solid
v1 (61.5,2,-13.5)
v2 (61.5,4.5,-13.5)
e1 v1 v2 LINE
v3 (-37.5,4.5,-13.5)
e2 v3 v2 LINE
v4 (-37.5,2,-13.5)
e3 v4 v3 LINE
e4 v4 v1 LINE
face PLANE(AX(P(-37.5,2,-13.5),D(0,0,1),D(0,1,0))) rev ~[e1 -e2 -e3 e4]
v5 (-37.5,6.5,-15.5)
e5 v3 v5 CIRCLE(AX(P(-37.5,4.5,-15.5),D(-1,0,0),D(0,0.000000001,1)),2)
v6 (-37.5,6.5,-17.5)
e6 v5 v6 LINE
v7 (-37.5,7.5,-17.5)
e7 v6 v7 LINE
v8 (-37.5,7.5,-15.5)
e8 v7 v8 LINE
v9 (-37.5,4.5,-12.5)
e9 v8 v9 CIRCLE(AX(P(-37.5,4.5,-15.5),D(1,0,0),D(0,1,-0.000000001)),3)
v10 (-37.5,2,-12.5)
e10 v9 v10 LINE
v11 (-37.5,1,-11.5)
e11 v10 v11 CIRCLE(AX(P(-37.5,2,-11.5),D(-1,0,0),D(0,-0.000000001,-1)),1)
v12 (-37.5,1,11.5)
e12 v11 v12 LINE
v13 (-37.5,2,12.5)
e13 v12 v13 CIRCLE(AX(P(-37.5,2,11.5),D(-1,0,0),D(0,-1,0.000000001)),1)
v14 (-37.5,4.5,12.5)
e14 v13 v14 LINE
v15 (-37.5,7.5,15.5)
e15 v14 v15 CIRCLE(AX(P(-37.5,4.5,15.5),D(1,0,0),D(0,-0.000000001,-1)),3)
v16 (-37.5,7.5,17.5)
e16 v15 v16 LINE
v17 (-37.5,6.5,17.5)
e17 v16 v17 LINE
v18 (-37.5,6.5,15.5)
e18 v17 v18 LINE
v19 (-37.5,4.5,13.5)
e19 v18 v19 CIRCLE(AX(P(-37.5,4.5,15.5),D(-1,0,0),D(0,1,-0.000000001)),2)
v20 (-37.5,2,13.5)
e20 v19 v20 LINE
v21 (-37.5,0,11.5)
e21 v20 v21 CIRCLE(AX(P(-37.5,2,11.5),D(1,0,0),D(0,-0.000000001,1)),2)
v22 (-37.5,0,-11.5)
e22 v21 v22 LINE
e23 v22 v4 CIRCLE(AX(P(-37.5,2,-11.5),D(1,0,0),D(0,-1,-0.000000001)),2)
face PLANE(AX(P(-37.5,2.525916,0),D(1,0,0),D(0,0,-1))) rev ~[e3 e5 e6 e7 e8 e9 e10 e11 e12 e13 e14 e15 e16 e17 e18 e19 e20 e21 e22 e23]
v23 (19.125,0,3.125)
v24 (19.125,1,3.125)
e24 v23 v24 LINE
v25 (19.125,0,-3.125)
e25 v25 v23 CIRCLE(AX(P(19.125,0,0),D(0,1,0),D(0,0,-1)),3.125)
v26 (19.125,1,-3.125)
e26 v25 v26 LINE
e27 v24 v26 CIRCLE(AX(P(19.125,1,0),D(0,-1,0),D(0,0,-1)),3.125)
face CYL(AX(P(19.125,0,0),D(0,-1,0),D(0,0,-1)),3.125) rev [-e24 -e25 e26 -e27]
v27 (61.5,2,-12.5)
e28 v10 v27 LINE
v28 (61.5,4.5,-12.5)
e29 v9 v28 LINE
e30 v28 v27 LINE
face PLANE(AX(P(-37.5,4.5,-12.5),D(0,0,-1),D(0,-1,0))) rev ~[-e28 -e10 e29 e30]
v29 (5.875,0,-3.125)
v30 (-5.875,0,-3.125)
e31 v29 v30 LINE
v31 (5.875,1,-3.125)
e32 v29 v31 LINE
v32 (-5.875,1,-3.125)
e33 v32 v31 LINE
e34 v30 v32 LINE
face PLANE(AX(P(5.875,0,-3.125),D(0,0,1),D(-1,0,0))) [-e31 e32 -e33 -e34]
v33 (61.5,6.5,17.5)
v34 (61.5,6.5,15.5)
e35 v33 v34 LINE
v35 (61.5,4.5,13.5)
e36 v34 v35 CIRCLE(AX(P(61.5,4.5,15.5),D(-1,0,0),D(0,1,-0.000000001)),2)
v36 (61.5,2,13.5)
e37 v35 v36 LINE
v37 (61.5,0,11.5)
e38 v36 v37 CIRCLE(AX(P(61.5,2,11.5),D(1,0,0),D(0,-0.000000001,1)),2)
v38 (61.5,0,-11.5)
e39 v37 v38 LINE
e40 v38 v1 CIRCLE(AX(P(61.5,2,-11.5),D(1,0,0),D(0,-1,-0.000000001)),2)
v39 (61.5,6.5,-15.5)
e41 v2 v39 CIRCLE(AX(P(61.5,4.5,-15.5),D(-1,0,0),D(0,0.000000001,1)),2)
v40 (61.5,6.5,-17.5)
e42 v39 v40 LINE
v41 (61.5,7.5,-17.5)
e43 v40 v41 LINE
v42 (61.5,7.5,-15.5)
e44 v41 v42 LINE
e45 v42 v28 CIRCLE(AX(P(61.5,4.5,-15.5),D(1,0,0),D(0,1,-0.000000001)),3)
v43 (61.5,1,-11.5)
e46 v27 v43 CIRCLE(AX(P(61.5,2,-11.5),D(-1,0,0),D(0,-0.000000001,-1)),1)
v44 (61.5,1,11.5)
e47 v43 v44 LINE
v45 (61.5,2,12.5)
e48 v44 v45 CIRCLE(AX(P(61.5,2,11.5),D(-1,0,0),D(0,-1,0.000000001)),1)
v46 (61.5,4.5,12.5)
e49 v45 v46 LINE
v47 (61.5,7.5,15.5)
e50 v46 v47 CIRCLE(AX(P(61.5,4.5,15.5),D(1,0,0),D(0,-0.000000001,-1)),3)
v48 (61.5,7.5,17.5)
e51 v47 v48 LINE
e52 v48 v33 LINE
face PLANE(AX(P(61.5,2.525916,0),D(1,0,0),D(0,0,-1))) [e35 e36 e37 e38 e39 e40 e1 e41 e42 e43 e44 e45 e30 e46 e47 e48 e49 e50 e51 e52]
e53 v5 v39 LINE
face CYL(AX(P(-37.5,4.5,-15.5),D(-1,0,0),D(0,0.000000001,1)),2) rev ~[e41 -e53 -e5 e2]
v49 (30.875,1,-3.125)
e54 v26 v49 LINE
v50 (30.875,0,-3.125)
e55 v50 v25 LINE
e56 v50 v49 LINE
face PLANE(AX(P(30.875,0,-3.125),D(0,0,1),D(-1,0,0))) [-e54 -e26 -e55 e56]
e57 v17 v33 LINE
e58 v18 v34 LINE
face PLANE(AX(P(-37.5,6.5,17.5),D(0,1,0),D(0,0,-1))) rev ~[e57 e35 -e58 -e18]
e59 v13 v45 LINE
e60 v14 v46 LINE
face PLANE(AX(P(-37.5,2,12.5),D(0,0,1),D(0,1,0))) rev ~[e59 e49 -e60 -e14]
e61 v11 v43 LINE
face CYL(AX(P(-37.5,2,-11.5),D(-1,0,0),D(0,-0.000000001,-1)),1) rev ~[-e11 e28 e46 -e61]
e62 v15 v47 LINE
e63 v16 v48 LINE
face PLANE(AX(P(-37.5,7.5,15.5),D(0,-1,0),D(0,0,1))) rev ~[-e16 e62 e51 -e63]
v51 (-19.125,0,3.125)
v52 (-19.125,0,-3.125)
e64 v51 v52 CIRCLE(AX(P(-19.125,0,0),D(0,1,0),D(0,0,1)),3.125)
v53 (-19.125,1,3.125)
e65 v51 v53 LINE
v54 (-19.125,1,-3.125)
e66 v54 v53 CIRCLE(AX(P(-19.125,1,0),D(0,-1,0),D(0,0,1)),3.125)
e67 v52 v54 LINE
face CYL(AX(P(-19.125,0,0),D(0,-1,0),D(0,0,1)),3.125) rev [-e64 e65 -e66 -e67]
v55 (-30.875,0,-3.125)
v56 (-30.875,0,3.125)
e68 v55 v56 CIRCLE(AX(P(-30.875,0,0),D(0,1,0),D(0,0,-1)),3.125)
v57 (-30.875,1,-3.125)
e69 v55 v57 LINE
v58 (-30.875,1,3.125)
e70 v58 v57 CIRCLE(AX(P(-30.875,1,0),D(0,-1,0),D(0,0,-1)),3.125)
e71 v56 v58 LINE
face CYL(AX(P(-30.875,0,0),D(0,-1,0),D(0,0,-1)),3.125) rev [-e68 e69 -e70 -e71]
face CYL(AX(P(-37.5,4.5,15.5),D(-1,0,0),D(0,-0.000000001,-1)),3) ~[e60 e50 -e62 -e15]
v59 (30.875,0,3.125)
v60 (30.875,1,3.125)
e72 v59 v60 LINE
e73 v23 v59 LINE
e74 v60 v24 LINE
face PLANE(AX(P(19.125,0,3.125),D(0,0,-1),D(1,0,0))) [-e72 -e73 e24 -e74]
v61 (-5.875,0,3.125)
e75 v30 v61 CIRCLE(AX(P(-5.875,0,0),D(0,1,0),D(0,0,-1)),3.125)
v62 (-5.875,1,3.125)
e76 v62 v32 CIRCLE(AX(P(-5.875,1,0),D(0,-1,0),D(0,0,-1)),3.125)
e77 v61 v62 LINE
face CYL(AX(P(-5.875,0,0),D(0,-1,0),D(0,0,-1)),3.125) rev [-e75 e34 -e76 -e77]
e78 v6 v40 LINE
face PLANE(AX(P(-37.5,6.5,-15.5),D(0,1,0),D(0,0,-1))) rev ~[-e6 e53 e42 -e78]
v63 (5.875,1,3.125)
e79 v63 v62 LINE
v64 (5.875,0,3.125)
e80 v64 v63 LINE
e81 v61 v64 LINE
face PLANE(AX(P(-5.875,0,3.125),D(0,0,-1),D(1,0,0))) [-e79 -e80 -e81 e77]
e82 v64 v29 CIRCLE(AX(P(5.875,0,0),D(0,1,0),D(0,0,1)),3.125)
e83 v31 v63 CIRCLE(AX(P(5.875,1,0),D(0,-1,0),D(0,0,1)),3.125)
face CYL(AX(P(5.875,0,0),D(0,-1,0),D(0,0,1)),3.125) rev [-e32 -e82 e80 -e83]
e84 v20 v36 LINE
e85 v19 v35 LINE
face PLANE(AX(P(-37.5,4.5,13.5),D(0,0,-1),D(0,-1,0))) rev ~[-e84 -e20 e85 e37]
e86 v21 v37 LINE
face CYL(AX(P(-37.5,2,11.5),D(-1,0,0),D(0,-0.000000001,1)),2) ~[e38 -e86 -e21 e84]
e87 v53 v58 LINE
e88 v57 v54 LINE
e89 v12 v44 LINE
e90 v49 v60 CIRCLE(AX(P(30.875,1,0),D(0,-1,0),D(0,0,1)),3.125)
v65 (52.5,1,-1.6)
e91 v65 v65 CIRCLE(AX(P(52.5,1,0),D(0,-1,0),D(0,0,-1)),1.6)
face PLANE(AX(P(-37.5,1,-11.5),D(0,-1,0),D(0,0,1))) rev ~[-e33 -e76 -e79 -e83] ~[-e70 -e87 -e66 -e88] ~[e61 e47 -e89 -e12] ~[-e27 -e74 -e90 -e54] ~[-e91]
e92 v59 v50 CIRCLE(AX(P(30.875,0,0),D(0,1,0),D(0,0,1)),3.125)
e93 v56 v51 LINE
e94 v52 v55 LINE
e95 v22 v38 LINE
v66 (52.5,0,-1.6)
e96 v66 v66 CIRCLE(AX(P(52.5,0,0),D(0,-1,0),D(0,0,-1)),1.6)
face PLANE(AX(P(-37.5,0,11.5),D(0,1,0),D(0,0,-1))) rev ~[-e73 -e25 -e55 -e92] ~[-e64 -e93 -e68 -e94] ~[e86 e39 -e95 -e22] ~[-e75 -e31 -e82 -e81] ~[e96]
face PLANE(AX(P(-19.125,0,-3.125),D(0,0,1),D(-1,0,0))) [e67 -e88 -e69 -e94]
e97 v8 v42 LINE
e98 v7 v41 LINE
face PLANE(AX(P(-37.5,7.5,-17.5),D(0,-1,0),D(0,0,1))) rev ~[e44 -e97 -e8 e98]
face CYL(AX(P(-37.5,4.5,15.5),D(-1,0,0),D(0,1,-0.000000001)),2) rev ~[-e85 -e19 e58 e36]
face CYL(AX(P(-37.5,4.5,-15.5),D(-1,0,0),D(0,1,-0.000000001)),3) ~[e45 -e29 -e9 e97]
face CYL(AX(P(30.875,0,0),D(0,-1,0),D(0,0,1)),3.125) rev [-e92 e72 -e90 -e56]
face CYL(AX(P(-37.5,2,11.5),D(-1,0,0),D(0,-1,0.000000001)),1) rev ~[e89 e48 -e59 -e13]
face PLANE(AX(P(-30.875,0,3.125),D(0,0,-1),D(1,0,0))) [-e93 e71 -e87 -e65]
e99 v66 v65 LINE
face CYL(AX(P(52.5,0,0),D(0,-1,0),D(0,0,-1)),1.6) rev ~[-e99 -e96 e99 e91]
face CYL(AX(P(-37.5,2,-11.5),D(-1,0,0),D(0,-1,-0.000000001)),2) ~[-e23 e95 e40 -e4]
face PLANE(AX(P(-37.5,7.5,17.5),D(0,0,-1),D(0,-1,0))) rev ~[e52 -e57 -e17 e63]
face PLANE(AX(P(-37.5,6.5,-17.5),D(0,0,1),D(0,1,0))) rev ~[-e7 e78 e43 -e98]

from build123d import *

# Parameters (mm, degrees)
EXTRUDE_THIN1_DEPTH        = 61.5
EXTRUDE_THIN1_DEPTH_BACK   = 37.5
CUT_EXTRUDE1_REACH         = 66.38
LPATTERN1_COUNT            = 2
LPATTERN1_PITCH            = 25
LPATTERN1_COL_COUNT        = 2
LPATTERN1_COL_PITCH        = 25
SZKIC1_R                   = 1.6
WYTNIJ_WYCI_GNI_CIE1_DEPTH = 65.379732836


with BuildPart() as part:
    # Sketch1 → Extrude-Thin1 (new, two sides: drawn at the far end of the back side and taken through both)
    with BuildSketch(Plane(origin=(0, 0, 0), x_dir=(0, 0, -1), z_dir=(1, 0, 0)).offset(-EXTRUDE_THIN1_DEPTH_BACK)):
        with BuildLine():
            Line((-17.5, 6.5), (-15.5, 6.5))
            ThreePointArc((-15.5, 6.5), (-14.085786438, 5.914213562), (-13.5, 4.5))
            Line((-13.5, 4.5), (-13.5, 2))
            ThreePointArc((-13.5, 2), (-12.914213562, 0.585786438), (-11.5, 0))
            Line((-11.5, 0), (11.5, 0))
            ThreePointArc((11.5, 0), (12.914213562, 0.585786438), (13.5, 2))
            Line((13.5, 2), (13.5, 4.5))
            ThreePointArc((13.5, 4.5), (14.085786438, 5.914213562), (15.5, 6.5))
            Line((15.5, 6.5), (17.5, 6.5))
            Line((17.5, 6.5), (17.5, 7.5))
            Line((17.5, 7.5), (15.5, 7.5))
            ThreePointArc((15.5, 7.5), (13.378679656, 6.621320344), (12.5, 4.5))
            Line((12.5, 4.5), (12.5, 2))
            ThreePointArc((12.5, 2), (12.207106781, 1.292893219), (11.5, 1))
            Line((11.5, 1), (-11.5, 1))
            ThreePointArc((-11.5, 1), (-12.207106781, 1.292893219), (-12.5, 2))
            Line((-12.5, 2), (-12.5, 4.5))
            ThreePointArc((-12.5, 4.5), (-13.378679656, 6.621320344), (-15.5, 7.5))
            Line((-15.5, 7.5), (-17.5, 7.5))
            Line((-17.5, 7.5), (-17.5, 6.5))
        make_face()
    extrude(amount=EXTRUDE_THIN1_DEPTH + EXTRUDE_THIN1_DEPTH_BACK)

    # Sketch2 → Cut-Extrude1 (cut, up to next)
    with BuildSketch(Plane.XZ, mode=Mode.PRIVATE) as cut_extrude1_sk1:
        with BuildLine():
            Line((-5.875, 3.125), (5.875, 3.125))
            ThreePointArc((5.875, 3.125), (9, 0), (5.875, -3.125))
            Line((5.875, -3.125), (-5.875, -3.125))
            ThreePointArc((-5.875, -3.125), (-9, 0), (-5.875, 3.125))
        make_face()
    cut_extrude1_tool1 = extrude(cut_extrude1_sk1.sketch, amount=-CUT_EXTRUDE1_REACH, mode=Mode.PRIVATE) & part.part
    cut_extrude1 = cut_extrude1_tool1.solids().sort_by_distance((0, 0, 0))[0]
    add(cut_extrude1, mode=Mode.SUBTRACT)

    # LPattern1: Cut-Extrude1 ×2
    with Locations(*[(i * LPATTERN1_PITCH, 0, 0) for i in range(1, LPATTERN1_COUNT)]):
        add(cut_extrude1, mode=Mode.SUBTRACT)

    # LPattern1 col: Cut-Extrude1 ×2
    with Locations(*[(-i * LPATTERN1_COL_PITCH, 0, 0) for i in range(1, LPATTERN1_COL_COUNT)]):
        add(cut_extrude1, mode=Mode.SUBTRACT)

    # Szkic1 → Wytnij-wyciągnięcie1 (cut, through all)
    with BuildSketch(Plane.XZ):
        with Locations(Location((52.5, 0, 0), (0, 0, 270))):
            Circle(SZKIC1_R)
    extrude(amount=-WYTNIJ_WYCI_GNI_CIE1_DEPTH, mode=Mode.SUBTRACT)


solid = part.part
